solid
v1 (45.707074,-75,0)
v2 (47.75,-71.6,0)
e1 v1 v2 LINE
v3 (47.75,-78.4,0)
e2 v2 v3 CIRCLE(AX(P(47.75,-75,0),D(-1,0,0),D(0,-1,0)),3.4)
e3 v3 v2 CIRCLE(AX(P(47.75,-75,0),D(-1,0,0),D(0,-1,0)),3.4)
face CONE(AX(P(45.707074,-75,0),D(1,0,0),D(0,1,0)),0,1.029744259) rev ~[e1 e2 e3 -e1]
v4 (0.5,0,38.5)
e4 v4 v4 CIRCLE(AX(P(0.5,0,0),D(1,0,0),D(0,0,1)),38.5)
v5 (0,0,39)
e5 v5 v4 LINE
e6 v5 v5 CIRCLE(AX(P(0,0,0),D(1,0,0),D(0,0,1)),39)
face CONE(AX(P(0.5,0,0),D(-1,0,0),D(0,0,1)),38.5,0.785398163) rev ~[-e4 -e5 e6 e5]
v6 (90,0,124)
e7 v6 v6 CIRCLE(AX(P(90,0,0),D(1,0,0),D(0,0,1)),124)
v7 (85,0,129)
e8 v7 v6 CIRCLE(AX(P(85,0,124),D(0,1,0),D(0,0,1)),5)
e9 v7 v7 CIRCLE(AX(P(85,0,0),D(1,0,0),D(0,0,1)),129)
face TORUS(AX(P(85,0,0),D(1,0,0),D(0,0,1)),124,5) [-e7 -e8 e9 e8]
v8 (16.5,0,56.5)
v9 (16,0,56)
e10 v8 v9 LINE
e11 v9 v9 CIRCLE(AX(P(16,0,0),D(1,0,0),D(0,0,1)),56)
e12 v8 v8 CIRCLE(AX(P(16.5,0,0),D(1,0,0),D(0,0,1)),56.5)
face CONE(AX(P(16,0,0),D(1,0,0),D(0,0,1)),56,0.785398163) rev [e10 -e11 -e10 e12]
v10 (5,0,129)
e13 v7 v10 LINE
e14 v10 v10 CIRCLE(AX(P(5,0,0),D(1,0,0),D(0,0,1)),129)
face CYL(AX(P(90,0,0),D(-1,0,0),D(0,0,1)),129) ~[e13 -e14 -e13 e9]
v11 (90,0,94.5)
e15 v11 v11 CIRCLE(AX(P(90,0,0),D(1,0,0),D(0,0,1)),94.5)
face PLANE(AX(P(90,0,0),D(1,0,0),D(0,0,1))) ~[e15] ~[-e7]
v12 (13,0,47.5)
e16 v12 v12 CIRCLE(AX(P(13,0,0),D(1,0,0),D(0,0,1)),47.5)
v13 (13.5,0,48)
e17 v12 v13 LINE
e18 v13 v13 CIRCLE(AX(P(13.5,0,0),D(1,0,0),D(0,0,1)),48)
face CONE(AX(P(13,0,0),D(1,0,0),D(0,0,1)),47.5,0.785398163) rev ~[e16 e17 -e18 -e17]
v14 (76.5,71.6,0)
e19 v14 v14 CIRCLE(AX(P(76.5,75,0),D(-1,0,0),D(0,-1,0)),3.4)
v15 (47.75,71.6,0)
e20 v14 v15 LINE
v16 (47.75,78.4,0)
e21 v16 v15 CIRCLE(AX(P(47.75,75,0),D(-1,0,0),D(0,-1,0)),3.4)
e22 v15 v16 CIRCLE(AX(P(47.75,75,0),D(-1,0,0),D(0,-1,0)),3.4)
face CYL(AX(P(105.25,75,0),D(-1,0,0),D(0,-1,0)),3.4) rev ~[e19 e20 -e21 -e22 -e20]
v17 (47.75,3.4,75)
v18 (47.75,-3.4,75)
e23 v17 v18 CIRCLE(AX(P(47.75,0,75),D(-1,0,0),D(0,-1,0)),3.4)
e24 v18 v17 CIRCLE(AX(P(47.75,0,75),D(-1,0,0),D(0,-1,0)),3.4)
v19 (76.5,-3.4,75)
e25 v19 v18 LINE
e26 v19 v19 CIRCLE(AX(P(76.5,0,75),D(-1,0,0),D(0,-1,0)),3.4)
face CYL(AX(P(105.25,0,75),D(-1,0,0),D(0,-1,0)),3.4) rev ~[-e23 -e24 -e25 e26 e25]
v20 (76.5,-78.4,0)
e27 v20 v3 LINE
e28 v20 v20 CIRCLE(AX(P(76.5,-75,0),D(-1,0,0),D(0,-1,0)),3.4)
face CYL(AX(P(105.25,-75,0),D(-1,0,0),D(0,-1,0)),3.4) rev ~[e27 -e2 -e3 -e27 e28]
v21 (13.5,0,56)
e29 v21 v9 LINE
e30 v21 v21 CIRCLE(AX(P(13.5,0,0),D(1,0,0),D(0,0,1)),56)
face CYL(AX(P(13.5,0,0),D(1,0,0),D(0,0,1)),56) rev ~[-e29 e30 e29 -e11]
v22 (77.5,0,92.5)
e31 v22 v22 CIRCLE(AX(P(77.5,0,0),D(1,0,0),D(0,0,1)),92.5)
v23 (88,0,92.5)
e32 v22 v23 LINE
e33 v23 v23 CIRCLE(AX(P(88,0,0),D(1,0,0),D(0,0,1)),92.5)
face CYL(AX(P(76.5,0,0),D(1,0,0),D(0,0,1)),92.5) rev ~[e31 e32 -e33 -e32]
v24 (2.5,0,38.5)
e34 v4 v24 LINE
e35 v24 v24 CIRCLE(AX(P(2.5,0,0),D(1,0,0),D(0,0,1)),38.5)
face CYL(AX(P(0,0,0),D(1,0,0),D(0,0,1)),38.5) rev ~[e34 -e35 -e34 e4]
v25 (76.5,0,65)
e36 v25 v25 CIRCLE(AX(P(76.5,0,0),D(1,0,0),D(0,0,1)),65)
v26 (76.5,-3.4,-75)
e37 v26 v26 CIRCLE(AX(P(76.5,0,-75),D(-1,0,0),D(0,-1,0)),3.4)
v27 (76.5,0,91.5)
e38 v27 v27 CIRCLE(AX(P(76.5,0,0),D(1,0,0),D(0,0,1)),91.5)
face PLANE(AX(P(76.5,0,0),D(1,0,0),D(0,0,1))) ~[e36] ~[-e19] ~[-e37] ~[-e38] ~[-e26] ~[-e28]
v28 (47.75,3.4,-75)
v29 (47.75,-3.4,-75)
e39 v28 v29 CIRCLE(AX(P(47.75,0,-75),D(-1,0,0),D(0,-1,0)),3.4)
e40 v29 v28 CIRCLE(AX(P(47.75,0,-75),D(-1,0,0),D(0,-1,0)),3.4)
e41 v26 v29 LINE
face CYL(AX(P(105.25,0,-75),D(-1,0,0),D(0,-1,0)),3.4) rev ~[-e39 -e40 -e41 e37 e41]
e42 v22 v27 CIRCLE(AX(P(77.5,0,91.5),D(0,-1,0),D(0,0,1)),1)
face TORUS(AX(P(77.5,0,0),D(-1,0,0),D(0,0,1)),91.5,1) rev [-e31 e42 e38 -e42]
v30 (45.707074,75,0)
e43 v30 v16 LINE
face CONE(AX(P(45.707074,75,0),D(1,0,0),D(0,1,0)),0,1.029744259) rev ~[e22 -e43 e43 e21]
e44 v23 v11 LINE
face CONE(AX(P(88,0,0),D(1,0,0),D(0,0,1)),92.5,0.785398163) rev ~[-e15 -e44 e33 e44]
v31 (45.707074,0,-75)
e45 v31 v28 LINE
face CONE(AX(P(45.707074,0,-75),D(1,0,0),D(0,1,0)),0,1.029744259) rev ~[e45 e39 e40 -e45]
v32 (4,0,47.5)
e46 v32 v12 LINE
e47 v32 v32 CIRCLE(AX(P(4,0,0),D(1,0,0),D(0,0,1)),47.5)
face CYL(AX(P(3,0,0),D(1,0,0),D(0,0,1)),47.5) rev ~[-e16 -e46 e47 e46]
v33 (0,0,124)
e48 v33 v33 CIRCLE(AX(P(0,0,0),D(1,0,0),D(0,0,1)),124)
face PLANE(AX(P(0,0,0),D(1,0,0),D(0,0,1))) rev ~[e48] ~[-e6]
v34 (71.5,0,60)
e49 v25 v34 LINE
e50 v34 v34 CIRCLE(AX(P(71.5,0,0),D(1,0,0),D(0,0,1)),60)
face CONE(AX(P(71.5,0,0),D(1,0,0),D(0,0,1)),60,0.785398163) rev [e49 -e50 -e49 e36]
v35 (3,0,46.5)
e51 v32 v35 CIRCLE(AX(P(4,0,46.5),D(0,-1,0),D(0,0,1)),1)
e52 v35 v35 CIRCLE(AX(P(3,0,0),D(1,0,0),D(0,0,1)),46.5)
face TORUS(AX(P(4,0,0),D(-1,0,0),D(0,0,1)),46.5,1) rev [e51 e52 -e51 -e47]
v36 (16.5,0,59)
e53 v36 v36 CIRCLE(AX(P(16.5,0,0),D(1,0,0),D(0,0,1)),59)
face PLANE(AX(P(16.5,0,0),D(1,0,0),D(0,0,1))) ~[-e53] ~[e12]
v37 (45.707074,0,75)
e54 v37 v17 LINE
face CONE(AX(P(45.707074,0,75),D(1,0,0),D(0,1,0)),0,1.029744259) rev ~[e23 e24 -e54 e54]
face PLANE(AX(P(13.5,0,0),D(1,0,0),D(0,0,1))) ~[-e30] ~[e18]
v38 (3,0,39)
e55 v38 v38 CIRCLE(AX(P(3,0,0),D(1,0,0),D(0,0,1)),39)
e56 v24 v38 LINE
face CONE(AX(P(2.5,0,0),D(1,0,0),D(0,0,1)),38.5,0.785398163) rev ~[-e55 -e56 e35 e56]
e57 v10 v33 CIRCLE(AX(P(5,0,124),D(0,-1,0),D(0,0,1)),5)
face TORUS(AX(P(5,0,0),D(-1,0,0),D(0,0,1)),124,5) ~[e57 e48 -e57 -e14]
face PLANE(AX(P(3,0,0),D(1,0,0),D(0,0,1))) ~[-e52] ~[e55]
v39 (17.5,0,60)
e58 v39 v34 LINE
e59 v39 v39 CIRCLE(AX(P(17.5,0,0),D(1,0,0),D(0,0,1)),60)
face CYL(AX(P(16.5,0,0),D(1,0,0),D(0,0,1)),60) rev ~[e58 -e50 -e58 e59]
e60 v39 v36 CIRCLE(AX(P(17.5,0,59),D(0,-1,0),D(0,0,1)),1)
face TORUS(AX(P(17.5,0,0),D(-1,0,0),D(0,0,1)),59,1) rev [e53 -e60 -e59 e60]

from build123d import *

# Parameters (mm, degrees)
F2_R     = 5
F3_SIZE  = 0.5
F4_SIZE  = 5
F5_SIZE  = 2
F6_R     = 1
F8_D     = 6.8
F8_DEPTH = 28.75
F8_TIP   = 2.0429261047


with BuildPart() as f1:
    # F0 (on Front) → F1 (revolve)
    with BuildSketch(Plane.XZ):
        Polygon((90, 129), (0, 129), (0, 38.5), (3, 38.5), (3, 47.5), (13.5, 47.5), (13.5, 56), (16.5, 56), (16.5, 60), (76.5, 60), (76.5, 92.5), (90, 92.5), align=None)
    revolve(axis=Axis((42.0149192214, 0, 0), (1, 0, 0)))

    # F2
    f2_edges = [f1.edges().sort_by_distance(p)[0] for p in [
        (90, 0, -129),
        (0, 0, -129),
    ]]
    fillet(f2_edges, radius=F2_R)

    # F3
    f3_edges = [f1.edges().sort_by_distance(p)[0] for p in [
        (0, 0, -38.5),
        (3, 0, -38.5),
        (13.5, 0, -47.5),
        (16.5, 0, -56),
    ]]
    chamfer(f3_edges, length=F3_SIZE)

    # F4
    f4_edges = [f1.edges().sort_by_distance(p)[0] for p in [
        (76.5, 0, -60),
    ]]
    chamfer(f4_edges, length=F4_SIZE)

    # F5
    f5_edges = [f1.edges().sort_by_distance(p)[0] for p in [
        (90, 0, -92.5),
    ]]
    chamfer(f5_edges, length=F5_SIZE)

    # F6
    f6_edges = [f1.edges().sort_by_distance(p)[0] for p in [
        (76.5, 0, -92.5),
        (16.5, 0, -60),
        (3, 0, -47.5),
    ]]
    fillet(f6_edges, radius=F6_R)

    # F8
    with Locations(Plane.YZ.offset(76.5)):
        with Locations((0, 75), (-75, 0), (0, -75), (75, 0)):
            Hole(F8_D / 2, depth=F8_DEPTH)
            with Locations((0, 0, -(F8_DEPTH + F8_TIP / 2))):  # 118° drill point
                Cone(0, F8_D / 2, F8_TIP, mode=Mode.SUBTRACT)


solid = f1.part
